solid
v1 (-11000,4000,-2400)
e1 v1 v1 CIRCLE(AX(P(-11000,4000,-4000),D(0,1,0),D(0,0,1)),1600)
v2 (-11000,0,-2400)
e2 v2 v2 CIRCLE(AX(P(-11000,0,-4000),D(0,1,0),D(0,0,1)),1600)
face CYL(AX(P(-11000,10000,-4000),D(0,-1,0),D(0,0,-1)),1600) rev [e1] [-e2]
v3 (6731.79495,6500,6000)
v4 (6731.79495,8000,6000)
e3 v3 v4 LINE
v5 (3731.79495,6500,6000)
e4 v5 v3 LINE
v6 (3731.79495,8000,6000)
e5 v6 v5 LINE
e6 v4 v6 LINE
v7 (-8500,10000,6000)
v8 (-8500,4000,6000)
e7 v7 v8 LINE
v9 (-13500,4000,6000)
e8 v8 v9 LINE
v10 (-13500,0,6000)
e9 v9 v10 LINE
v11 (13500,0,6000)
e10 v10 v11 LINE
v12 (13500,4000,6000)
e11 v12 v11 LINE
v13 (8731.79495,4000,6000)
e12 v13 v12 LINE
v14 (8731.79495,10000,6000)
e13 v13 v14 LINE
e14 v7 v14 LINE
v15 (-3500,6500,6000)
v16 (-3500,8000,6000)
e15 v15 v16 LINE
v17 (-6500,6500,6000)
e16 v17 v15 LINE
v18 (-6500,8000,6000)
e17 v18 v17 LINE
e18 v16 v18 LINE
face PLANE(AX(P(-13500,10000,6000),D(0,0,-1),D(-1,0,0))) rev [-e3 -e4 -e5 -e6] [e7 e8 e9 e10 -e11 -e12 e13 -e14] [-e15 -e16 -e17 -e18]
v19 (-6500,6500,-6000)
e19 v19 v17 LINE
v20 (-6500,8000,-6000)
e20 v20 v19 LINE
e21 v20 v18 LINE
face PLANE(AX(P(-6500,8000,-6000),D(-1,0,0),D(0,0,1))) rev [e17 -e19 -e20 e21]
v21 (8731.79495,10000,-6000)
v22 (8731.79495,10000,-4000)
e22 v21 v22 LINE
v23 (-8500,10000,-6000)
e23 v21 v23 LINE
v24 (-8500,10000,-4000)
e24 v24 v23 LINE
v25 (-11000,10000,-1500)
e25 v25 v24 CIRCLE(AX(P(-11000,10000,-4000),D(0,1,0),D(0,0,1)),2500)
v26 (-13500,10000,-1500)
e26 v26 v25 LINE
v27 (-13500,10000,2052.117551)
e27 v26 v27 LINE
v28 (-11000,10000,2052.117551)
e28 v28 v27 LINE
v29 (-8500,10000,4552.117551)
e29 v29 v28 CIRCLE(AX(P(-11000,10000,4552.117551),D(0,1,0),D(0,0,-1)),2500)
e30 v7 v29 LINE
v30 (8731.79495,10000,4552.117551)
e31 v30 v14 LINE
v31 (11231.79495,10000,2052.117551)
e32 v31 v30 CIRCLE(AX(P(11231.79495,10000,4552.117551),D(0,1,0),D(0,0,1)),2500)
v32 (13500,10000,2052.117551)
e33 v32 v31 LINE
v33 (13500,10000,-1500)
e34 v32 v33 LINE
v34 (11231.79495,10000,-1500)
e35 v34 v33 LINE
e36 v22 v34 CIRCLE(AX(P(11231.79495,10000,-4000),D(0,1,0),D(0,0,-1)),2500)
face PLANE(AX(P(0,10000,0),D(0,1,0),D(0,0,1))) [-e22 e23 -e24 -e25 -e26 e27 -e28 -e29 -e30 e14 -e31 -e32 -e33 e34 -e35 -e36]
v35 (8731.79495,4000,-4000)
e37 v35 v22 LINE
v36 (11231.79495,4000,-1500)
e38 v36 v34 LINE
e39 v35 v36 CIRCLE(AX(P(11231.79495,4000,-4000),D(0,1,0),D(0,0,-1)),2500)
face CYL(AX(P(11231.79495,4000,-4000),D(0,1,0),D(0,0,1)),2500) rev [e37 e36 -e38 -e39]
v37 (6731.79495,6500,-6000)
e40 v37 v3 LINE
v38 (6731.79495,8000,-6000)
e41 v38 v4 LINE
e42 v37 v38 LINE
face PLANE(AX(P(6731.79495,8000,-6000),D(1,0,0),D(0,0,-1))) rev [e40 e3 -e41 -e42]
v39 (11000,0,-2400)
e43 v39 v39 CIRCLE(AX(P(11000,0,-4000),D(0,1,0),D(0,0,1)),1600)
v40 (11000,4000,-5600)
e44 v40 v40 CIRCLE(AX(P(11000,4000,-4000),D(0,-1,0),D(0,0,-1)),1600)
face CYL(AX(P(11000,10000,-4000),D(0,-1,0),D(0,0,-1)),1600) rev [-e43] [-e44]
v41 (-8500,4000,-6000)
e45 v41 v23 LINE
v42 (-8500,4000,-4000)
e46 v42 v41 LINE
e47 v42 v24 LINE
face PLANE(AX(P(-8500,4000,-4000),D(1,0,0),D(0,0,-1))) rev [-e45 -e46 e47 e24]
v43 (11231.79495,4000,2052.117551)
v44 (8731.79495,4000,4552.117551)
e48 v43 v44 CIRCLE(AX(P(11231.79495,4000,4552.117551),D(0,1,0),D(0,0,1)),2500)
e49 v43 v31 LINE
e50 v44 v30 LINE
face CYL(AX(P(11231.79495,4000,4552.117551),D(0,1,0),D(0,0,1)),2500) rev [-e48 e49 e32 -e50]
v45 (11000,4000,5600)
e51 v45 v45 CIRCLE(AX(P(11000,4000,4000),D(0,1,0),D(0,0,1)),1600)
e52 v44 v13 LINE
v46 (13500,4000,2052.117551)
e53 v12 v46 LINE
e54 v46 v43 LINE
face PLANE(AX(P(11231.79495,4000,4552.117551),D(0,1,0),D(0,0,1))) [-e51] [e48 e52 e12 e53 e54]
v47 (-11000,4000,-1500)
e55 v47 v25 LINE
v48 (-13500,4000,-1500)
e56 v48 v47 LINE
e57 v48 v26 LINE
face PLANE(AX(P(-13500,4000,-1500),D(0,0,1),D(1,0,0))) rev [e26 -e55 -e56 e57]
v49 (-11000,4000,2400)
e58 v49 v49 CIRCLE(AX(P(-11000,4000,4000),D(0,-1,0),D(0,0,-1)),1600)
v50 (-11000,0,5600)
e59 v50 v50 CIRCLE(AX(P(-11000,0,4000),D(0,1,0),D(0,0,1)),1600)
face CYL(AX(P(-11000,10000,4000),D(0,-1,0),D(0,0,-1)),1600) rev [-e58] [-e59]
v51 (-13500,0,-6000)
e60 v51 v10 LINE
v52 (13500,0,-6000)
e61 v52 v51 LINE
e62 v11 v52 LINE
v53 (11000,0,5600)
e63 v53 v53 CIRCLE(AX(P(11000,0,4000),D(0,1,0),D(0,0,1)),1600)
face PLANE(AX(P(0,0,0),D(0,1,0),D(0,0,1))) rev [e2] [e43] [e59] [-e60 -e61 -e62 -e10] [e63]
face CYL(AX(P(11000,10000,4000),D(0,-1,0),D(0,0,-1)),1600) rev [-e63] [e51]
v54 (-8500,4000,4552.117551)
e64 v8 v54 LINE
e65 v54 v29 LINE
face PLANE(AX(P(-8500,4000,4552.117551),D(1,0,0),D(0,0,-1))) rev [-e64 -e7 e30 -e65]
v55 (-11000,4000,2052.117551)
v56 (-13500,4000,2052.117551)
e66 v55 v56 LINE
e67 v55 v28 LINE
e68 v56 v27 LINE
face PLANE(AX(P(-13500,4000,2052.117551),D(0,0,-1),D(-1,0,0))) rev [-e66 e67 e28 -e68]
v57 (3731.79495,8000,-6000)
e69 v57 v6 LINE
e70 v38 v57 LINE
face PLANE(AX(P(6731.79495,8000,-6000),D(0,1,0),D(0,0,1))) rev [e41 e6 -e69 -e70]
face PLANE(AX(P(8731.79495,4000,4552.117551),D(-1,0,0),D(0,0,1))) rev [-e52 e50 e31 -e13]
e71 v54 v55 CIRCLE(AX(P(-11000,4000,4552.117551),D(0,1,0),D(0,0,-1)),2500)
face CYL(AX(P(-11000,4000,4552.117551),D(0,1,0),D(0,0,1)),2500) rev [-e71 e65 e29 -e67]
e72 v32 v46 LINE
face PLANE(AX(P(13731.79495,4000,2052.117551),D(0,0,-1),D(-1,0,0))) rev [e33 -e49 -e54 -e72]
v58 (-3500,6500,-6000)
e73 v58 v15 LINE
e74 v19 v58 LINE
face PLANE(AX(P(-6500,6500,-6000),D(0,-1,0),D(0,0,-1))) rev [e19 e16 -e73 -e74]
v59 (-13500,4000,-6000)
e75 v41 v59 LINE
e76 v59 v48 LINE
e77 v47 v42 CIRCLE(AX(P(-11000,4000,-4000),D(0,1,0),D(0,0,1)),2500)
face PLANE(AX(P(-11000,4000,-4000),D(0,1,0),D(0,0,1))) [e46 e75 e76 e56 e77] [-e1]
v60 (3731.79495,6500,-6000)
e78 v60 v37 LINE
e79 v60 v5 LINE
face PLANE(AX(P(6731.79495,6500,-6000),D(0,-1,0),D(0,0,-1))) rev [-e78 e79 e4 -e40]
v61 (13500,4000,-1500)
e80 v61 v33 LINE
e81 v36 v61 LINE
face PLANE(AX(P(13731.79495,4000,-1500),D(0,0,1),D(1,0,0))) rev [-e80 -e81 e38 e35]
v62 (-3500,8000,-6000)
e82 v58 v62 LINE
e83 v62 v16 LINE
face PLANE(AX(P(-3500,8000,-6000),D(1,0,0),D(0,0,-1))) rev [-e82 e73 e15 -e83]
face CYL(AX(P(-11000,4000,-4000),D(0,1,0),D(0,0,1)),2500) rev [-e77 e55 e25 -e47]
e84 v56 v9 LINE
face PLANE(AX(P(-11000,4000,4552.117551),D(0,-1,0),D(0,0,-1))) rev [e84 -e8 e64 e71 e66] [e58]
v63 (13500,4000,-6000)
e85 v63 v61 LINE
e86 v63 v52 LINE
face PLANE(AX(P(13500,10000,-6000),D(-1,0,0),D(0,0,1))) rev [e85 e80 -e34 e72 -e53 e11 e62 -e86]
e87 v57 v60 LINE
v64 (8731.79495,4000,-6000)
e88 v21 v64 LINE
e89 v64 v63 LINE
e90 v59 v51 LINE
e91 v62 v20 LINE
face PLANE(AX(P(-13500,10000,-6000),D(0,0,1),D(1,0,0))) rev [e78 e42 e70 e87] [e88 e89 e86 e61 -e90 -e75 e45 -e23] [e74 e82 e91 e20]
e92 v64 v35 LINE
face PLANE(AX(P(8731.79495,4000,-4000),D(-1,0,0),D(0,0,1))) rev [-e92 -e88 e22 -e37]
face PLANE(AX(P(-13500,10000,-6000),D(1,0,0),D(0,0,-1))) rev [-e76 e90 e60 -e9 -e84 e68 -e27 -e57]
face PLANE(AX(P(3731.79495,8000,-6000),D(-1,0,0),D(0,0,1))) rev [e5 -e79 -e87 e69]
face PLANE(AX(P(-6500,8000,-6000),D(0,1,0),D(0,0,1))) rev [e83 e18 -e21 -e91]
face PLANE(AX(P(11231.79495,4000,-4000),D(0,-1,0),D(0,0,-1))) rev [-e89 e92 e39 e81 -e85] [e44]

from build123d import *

# Parameters (mm, degrees)
SKETCH_1_W          = 27000
SKETCH_1_H          = 12000
SKETCH_1_R          = 1600
EXTRUDE_1_DEPTH     = 10000
CUT_EXTRUDE_3_DEPTH = 6000
SKETCH_5_W          = 3000
SKETCH_5_H          = 1500
CUT_EXTRUDE_4_DEPTH = 20646.822822063


with BuildPart() as part:
    # 草圖1 → 填料-伸長1 (new body)
    with BuildSketch(Plane(origin=(0, 0, 0), x_dir=(1, 0, 0), z_dir=(0, 1, 0))):
        Rectangle(SKETCH_1_W, SKETCH_1_H)
        with Locations(Location((-11000, 4000, 0), (0, 0, 270))):
            Circle(SKETCH_1_R, mode=Mode.SUBTRACT)
        with Locations(Location((11000, 4000, 0), (0, 0, 270))):
            Circle(SKETCH_1_R, mode=Mode.SUBTRACT)
        with Locations(Location((-11000, -4000, 0), (0, 0, 270))):
            Circle(SKETCH_1_R, mode=Mode.SUBTRACT)
        with Locations(Location((11000, -4000, 0), (0, 0, 270))):
            Circle(SKETCH_1_R, mode=Mode.SUBTRACT)
    extrude(amount=EXTRUDE_1_DEPTH)

    # 草圖3 → 除料-伸長3 (cut)
    with BuildSketch(Plane(origin=(0, 10000, 0), x_dir=(1, 0, 0), z_dir=(0, 1, 0))):
        with BuildLine():
            Line((-11000, 6500), (-13500, 6500))
            Line((-13500, 6500), (-13500, 4000))
            Line((-13500, 4000), (-13500, 1500))
            Line((-13500, 1500), (-11000, 1500))
            ThreePointArc((-11000, 1500), (-9232.233047034, 2232.233047034), (-8500, 4000))
            Line((-8500, 4000), (-8500, 6500))
            Line((-8500, 6500), (-11000, 6500))
        make_face()
        with BuildLine():
            Line((13731.794950486, 1500), (11231.794950486, 1500))
            ThreePointArc((11231.794950486, 1500), (9464.02799752, 2232.233047034), (8731.794950486, 4000))
            Line((8731.794950486, 4000), (8731.794950486, 6500))
            Line((8731.794950486, 6500), (11231.794950486, 6500))
            Line((11231.794950486, 6500), (13731.794950486, 6500))
            Line((13731.794950486, 6500), (13731.794950486, 4000))
            Line((13731.794950486, 4000), (13731.794950486, 1500))
        make_face()
        with BuildLine():
            Line((11231.794950486, -7052.117551123), (13731.794950486, -7052.117551123))
            Line((13731.794950486, -7052.117551123), (13731.794950486, -4552.117551123))
            Line((13731.794950486, -4552.117551123), (13731.794950486, -2052.117551123))
            Line((13731.794950486, -2052.117551123), (11231.794950486, -2052.117551123))
            ThreePointArc((11231.794950486, -2052.117551123), (9464.02799752, -2784.350598156), (8731.794950486, -4552.117551123))
            Line((8731.794950486, -4552.117551123), (8731.794950486, -7052.117551123))
            Line((8731.794950486, -7052.117551123), (11231.794950486, -7052.117551123))
        make_face()
        with BuildLine():
            Line((-13500, -2052.117551123), (-11000, -2052.117551123))
            ThreePointArc((-11000, -2052.117551123), (-9232.233047034, -2784.350598156), (-8500, -4552.117551123))
            Line((-8500, -4552.117551123), (-8500, -7052.117551123))
            Line((-8500, -7052.117551123), (-11000, -7052.117551123))
            Line((-11000, -7052.117551123), (-13500, -7052.117551123))
            Line((-13500, -7052.117551123), (-13500, -4552.117551123))
            Line((-13500, -4552.117551123), (-13500, -2052.117551123))
        make_face()
    extrude(amount=-CUT_EXTRUDE_3_DEPTH, mode=Mode.SUBTRACT)

    # 草圖5 → 除料-伸長4 (cut, through all)
    with BuildSketch(Plane.XY.offset(6000)):
        with Locations((-5000, 7250)):
            Rectangle(SKETCH_5_W, SKETCH_5_H)
        with Locations((5231.794950486, 7250)):
            Rectangle(SKETCH_5_W, SKETCH_5_H)
    extrude(amount=-CUT_EXTRUDE_4_DEPTH, mode=Mode.SUBTRACT)


solid = part.part
